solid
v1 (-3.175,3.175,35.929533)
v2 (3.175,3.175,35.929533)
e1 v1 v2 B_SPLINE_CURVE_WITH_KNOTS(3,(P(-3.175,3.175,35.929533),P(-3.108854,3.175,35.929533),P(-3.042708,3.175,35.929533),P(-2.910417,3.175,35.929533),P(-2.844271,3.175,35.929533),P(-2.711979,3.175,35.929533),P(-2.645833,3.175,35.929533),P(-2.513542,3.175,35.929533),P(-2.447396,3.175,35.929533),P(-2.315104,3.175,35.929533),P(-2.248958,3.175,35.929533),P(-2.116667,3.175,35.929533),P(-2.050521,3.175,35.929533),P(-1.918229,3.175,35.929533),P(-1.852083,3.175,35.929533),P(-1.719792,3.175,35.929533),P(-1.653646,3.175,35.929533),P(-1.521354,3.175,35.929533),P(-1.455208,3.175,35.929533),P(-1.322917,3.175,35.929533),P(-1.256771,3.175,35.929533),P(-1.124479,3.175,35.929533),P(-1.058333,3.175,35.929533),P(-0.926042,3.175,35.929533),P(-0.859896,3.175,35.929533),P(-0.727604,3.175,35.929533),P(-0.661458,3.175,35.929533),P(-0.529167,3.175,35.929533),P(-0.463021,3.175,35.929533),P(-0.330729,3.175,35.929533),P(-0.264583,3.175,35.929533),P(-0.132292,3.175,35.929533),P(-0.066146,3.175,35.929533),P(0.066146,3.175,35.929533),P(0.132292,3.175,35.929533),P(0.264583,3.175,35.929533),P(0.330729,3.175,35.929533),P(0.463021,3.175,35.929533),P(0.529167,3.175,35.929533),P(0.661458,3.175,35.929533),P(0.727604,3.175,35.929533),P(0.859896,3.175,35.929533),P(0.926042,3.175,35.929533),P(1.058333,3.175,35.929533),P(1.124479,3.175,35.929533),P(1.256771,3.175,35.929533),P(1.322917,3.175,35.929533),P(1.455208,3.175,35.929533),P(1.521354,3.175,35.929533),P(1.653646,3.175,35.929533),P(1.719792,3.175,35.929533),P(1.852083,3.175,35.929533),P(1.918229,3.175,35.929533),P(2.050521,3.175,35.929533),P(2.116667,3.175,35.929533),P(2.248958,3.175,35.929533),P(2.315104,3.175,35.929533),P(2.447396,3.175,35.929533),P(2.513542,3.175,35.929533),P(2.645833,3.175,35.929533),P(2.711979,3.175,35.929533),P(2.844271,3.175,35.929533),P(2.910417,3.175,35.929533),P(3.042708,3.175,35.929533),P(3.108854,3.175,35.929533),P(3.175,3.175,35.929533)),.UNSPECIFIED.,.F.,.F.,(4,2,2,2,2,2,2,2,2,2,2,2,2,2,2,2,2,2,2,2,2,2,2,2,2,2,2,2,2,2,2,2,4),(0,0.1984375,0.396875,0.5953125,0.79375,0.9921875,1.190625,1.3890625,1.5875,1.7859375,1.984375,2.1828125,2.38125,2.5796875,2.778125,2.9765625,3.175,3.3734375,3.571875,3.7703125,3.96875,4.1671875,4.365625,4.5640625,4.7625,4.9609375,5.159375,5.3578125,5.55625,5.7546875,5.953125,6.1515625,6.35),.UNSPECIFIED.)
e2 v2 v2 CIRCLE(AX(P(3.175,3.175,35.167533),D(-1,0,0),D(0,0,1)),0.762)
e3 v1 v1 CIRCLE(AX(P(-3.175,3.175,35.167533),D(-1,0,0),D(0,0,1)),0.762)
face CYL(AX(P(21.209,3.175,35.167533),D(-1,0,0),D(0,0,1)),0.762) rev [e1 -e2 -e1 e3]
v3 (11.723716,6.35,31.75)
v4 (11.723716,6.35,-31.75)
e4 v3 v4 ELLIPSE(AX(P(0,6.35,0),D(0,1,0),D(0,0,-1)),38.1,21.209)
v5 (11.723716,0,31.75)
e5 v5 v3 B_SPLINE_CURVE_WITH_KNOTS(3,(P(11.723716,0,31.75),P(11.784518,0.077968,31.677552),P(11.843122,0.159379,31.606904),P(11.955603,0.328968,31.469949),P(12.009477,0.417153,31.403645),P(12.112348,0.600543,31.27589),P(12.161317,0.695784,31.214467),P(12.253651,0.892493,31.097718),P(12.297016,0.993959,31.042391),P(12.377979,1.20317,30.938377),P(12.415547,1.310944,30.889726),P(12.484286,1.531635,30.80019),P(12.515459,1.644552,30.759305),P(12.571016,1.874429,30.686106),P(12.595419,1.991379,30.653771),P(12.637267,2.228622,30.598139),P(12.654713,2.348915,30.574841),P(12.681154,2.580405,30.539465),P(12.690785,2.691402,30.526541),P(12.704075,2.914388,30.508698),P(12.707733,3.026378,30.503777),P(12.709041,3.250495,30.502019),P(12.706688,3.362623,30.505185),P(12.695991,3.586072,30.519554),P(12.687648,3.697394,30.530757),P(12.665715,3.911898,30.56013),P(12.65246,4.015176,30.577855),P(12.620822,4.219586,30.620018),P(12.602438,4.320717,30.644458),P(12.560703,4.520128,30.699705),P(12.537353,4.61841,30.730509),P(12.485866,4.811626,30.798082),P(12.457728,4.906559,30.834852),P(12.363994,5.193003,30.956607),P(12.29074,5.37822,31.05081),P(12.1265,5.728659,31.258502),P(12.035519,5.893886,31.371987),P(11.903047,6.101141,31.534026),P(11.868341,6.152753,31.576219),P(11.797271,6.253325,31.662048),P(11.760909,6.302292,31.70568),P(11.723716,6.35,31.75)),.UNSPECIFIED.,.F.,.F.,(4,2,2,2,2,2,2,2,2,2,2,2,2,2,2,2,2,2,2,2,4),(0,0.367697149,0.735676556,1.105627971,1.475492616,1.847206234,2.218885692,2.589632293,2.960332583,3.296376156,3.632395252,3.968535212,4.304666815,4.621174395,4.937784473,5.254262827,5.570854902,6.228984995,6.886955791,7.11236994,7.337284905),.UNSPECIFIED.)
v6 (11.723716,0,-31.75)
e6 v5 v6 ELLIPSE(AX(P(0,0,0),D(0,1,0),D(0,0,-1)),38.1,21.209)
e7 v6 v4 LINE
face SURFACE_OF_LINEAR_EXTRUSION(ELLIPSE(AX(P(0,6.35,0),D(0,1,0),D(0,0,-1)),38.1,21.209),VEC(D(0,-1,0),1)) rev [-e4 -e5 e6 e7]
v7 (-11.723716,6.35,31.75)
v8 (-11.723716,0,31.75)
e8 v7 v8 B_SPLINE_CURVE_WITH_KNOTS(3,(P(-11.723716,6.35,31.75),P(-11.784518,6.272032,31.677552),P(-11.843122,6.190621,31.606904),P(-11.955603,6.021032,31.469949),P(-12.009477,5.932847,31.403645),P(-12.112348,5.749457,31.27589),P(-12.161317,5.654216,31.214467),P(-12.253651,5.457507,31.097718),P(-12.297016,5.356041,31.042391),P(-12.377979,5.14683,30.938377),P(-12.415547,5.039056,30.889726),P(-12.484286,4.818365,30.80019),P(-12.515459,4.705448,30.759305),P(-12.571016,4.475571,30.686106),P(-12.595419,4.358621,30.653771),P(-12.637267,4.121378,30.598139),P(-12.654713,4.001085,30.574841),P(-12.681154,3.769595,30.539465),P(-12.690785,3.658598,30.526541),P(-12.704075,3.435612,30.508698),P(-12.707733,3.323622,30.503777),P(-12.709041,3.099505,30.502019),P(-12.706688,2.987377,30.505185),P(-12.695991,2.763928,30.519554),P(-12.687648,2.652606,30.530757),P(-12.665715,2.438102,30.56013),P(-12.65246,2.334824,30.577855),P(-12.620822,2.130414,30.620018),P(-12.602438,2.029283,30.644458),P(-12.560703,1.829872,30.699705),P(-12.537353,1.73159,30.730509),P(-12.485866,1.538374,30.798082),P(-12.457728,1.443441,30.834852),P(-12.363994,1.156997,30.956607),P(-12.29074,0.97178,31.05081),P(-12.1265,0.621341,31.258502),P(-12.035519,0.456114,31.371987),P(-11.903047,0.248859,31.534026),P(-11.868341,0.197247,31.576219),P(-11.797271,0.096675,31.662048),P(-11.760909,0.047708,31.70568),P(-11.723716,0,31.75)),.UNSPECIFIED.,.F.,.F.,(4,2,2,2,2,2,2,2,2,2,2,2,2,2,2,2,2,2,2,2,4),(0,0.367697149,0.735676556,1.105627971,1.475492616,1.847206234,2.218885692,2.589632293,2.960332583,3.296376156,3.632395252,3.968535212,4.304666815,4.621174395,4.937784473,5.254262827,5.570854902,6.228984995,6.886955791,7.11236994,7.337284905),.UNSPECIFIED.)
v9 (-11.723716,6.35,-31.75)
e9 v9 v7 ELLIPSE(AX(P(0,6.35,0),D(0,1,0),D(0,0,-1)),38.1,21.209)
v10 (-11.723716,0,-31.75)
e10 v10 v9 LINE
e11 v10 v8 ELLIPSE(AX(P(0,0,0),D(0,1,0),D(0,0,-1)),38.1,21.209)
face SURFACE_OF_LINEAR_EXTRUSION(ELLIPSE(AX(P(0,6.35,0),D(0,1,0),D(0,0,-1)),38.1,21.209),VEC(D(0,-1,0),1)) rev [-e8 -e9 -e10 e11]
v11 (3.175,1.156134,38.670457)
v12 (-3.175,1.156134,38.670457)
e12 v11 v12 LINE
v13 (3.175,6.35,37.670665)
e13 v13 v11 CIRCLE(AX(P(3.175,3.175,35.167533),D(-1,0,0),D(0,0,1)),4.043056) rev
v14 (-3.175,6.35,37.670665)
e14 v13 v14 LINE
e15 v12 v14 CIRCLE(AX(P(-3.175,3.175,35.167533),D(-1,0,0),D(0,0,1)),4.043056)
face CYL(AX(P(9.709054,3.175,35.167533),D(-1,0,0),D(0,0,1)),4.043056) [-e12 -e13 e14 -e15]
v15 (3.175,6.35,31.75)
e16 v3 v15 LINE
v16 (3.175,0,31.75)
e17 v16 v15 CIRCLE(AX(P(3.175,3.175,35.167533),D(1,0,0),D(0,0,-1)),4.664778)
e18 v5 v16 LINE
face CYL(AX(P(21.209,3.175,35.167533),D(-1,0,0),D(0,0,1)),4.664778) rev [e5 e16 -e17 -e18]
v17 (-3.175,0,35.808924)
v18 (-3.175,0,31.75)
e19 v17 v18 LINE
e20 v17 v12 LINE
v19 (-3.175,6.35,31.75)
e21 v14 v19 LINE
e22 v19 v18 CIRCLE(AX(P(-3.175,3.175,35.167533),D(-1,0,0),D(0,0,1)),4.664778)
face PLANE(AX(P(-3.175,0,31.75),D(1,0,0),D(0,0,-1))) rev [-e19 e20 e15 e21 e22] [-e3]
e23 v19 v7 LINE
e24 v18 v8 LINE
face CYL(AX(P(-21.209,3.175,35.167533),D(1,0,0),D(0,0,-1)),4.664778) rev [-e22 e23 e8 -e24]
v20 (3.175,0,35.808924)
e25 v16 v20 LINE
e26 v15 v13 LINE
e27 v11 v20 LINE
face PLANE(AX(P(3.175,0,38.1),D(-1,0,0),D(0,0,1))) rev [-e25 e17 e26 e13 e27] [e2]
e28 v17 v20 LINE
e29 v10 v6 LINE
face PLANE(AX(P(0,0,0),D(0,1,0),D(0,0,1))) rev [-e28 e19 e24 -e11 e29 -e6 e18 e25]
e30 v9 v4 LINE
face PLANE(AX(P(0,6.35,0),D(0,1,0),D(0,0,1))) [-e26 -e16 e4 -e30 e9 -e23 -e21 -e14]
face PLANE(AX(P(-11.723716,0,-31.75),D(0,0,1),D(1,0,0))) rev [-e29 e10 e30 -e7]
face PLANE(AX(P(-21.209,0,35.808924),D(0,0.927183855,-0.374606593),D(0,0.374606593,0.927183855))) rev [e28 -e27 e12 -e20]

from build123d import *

# Parameters (mm, degrees)
SKETCH1_RX               = 38.1
SKETCH1_RY               = 21.209
BOSS_EXTRUDE1_DEPTH      = 6.35
CUT_EXTRUDE6_DEPTH       = 45.065339906
SKETCH35_W               = 18.034
SKETCH35_H               = 6.35
CUT_EXTRUDE17_DEPTH      = 45.065339906
SKETCH36_R               = 0.762
CUT_EXTRUDE18_DEPTH      = 46.678353405
SKETCH37_R               = 4.664778091
CUT_EXTRUDE19_DEPTH      = 46.678353405
SKETCH38_R               = 4.664778091
CUT_EXTRUDE20_DEPTH      = 46.678353405
CUT_EXTRUDE21_DEPTH      = 46.678353405
CUT_EXTRUDE21_DEPTH_BACK = 46.678353405
SKETCH39_W               = 2.364149351
SKETCH39_H               = 6.35
BOSS_EXTRUDE2_DEPTH      = 6.35
CUT_EXTRUDE22_DEPTH      = 46.029039702
CUT_EXTRUDE22_DEPTH_BACK = 46.029039702


with BuildPart() as part:
    # Sketch1 → Boss-Extrude1 (new body)
    with BuildSketch(Plane(origin=(0, 0, 0), x_dir=(1, 0, 0), z_dir=(0, 1, 0))):
        with Locations(Location((0, 0), (0, 0, 90))):
            Ellipse(SKETCH1_RX, SKETCH1_RY)
    extrude(amount=BOSS_EXTRUDE1_DEPTH)

    # Sketch7 → Cut-Extrude6 (cut, through all)
    with BuildSketch(Plane(origin=(0, 6.35, 0), x_dir=(1, 0, 0), z_dir=(0, 1, 0))):
        with BuildLine():
            Line((-11.723715863, 31.75), (11.723715863, 31.75))
            add(Edge.make_bspline(
                [(11.723715863, 31.75), (0, 45.72), (-11.723715863, 31.75)],
                knots=[5.697499764, 5.697499764, 5.697499764, 6.868870851, 6.868870851, 6.868870851], degree=2, weights=[1, 0.833333333, 1]))
        make_face()
    extrude(amount=-CUT_EXTRUDE6_DEPTH, mode=Mode.SUBTRACT)

    # Sketch35 → Cut-Extrude17 (cut, through all)
    with BuildSketch(Plane(origin=(0, 6.35, 0), x_dir=(1, 0, 0), z_dir=(0, 1, 0))):
        with Locations((12.192, -34.925)):
            Rectangle(SKETCH35_W, SKETCH35_H)
        with Locations((-12.192, -34.925)):
            Rectangle(SKETCH35_W, SKETCH35_H)
    extrude(amount=-CUT_EXTRUDE17_DEPTH, mode=Mode.SUBTRACT)

    # Sketch36 → Cut-Extrude18 (cut, through all)
    with BuildSketch(Plane.ZY.offset(3.175)):
        with Locations((35.167532682, 3.175)):
            Circle(SKETCH36_R)
    extrude(amount=-CUT_EXTRUDE18_DEPTH, mode=Mode.SUBTRACT)

    # Sketch37 → Cut-Extrude19 (cut, through all)
    with BuildSketch(Plane.ZY.offset(3.175)):
        with Locations((35.167532682, 3.175)):
            Circle(SKETCH37_R)
    extrude(amount=CUT_EXTRUDE19_DEPTH, mode=Mode.SUBTRACT)

    # Sketch38 → Cut-Extrude20 (cut, through all)
    with BuildSketch(Plane(origin=(3.175, 0, 0), x_dir=(0, 0, -1), z_dir=(1, 0, 0))):
        with Locations((-35.167532682, 3.175)):
            Circle(SKETCH38_R)
    extrude(amount=CUT_EXTRUDE20_DEPTH, mode=Mode.SUBTRACT)

    # Sketch39 → Cut-Extrude21 (cut, two sides: drawn at the far end of the back side and taken through both)
    with BuildSketch(Plane.ZY.offset(3.175).offset(-CUT_EXTRUDE21_DEPTH_BACK)):
        with Locations((38.852740041, 3.175)):
            Rectangle(SKETCH39_W, SKETCH39_H)
    extrude(amount=CUT_EXTRUDE21_DEPTH + CUT_EXTRUDE21_DEPTH_BACK, mode=Mode.SUBTRACT)

    # Sketch40 → Boss-Extrude2 (add)
    with BuildSketch(Plane.ZY.offset(3.175)):
        with BuildLine():
            Line((37.670665365, 6.35), (37.670665365, 0))
            ThreePointArc((37.670665365, 0), (39.210588238, 3.175), (37.670665365, 6.35))
        make_face()
    extrude(amount=-BOSS_EXTRUDE2_DEPTH)

    # Sketch41 → Cut-Extrude22 (cut, two sides: drawn at the far end of the back side and taken through both)
    with BuildSketch(Plane(origin=(0, 0, 0), x_dir=(0, 0, -1), z_dir=(1, 0, 0)).offset(-CUT_EXTRUDE22_DEPTH_BACK)):
        Polygon((-35.808924316, 0), (-40.546826373, 1.914236687), (-40.546826373, -0.644343838), (-35.808924316, -0.644343838), align=None)
    extrude(amount=CUT_EXTRUDE22_DEPTH + CUT_EXTRUDE22_DEPTH_BACK, mode=Mode.SUBTRACT)


solid = part.part
